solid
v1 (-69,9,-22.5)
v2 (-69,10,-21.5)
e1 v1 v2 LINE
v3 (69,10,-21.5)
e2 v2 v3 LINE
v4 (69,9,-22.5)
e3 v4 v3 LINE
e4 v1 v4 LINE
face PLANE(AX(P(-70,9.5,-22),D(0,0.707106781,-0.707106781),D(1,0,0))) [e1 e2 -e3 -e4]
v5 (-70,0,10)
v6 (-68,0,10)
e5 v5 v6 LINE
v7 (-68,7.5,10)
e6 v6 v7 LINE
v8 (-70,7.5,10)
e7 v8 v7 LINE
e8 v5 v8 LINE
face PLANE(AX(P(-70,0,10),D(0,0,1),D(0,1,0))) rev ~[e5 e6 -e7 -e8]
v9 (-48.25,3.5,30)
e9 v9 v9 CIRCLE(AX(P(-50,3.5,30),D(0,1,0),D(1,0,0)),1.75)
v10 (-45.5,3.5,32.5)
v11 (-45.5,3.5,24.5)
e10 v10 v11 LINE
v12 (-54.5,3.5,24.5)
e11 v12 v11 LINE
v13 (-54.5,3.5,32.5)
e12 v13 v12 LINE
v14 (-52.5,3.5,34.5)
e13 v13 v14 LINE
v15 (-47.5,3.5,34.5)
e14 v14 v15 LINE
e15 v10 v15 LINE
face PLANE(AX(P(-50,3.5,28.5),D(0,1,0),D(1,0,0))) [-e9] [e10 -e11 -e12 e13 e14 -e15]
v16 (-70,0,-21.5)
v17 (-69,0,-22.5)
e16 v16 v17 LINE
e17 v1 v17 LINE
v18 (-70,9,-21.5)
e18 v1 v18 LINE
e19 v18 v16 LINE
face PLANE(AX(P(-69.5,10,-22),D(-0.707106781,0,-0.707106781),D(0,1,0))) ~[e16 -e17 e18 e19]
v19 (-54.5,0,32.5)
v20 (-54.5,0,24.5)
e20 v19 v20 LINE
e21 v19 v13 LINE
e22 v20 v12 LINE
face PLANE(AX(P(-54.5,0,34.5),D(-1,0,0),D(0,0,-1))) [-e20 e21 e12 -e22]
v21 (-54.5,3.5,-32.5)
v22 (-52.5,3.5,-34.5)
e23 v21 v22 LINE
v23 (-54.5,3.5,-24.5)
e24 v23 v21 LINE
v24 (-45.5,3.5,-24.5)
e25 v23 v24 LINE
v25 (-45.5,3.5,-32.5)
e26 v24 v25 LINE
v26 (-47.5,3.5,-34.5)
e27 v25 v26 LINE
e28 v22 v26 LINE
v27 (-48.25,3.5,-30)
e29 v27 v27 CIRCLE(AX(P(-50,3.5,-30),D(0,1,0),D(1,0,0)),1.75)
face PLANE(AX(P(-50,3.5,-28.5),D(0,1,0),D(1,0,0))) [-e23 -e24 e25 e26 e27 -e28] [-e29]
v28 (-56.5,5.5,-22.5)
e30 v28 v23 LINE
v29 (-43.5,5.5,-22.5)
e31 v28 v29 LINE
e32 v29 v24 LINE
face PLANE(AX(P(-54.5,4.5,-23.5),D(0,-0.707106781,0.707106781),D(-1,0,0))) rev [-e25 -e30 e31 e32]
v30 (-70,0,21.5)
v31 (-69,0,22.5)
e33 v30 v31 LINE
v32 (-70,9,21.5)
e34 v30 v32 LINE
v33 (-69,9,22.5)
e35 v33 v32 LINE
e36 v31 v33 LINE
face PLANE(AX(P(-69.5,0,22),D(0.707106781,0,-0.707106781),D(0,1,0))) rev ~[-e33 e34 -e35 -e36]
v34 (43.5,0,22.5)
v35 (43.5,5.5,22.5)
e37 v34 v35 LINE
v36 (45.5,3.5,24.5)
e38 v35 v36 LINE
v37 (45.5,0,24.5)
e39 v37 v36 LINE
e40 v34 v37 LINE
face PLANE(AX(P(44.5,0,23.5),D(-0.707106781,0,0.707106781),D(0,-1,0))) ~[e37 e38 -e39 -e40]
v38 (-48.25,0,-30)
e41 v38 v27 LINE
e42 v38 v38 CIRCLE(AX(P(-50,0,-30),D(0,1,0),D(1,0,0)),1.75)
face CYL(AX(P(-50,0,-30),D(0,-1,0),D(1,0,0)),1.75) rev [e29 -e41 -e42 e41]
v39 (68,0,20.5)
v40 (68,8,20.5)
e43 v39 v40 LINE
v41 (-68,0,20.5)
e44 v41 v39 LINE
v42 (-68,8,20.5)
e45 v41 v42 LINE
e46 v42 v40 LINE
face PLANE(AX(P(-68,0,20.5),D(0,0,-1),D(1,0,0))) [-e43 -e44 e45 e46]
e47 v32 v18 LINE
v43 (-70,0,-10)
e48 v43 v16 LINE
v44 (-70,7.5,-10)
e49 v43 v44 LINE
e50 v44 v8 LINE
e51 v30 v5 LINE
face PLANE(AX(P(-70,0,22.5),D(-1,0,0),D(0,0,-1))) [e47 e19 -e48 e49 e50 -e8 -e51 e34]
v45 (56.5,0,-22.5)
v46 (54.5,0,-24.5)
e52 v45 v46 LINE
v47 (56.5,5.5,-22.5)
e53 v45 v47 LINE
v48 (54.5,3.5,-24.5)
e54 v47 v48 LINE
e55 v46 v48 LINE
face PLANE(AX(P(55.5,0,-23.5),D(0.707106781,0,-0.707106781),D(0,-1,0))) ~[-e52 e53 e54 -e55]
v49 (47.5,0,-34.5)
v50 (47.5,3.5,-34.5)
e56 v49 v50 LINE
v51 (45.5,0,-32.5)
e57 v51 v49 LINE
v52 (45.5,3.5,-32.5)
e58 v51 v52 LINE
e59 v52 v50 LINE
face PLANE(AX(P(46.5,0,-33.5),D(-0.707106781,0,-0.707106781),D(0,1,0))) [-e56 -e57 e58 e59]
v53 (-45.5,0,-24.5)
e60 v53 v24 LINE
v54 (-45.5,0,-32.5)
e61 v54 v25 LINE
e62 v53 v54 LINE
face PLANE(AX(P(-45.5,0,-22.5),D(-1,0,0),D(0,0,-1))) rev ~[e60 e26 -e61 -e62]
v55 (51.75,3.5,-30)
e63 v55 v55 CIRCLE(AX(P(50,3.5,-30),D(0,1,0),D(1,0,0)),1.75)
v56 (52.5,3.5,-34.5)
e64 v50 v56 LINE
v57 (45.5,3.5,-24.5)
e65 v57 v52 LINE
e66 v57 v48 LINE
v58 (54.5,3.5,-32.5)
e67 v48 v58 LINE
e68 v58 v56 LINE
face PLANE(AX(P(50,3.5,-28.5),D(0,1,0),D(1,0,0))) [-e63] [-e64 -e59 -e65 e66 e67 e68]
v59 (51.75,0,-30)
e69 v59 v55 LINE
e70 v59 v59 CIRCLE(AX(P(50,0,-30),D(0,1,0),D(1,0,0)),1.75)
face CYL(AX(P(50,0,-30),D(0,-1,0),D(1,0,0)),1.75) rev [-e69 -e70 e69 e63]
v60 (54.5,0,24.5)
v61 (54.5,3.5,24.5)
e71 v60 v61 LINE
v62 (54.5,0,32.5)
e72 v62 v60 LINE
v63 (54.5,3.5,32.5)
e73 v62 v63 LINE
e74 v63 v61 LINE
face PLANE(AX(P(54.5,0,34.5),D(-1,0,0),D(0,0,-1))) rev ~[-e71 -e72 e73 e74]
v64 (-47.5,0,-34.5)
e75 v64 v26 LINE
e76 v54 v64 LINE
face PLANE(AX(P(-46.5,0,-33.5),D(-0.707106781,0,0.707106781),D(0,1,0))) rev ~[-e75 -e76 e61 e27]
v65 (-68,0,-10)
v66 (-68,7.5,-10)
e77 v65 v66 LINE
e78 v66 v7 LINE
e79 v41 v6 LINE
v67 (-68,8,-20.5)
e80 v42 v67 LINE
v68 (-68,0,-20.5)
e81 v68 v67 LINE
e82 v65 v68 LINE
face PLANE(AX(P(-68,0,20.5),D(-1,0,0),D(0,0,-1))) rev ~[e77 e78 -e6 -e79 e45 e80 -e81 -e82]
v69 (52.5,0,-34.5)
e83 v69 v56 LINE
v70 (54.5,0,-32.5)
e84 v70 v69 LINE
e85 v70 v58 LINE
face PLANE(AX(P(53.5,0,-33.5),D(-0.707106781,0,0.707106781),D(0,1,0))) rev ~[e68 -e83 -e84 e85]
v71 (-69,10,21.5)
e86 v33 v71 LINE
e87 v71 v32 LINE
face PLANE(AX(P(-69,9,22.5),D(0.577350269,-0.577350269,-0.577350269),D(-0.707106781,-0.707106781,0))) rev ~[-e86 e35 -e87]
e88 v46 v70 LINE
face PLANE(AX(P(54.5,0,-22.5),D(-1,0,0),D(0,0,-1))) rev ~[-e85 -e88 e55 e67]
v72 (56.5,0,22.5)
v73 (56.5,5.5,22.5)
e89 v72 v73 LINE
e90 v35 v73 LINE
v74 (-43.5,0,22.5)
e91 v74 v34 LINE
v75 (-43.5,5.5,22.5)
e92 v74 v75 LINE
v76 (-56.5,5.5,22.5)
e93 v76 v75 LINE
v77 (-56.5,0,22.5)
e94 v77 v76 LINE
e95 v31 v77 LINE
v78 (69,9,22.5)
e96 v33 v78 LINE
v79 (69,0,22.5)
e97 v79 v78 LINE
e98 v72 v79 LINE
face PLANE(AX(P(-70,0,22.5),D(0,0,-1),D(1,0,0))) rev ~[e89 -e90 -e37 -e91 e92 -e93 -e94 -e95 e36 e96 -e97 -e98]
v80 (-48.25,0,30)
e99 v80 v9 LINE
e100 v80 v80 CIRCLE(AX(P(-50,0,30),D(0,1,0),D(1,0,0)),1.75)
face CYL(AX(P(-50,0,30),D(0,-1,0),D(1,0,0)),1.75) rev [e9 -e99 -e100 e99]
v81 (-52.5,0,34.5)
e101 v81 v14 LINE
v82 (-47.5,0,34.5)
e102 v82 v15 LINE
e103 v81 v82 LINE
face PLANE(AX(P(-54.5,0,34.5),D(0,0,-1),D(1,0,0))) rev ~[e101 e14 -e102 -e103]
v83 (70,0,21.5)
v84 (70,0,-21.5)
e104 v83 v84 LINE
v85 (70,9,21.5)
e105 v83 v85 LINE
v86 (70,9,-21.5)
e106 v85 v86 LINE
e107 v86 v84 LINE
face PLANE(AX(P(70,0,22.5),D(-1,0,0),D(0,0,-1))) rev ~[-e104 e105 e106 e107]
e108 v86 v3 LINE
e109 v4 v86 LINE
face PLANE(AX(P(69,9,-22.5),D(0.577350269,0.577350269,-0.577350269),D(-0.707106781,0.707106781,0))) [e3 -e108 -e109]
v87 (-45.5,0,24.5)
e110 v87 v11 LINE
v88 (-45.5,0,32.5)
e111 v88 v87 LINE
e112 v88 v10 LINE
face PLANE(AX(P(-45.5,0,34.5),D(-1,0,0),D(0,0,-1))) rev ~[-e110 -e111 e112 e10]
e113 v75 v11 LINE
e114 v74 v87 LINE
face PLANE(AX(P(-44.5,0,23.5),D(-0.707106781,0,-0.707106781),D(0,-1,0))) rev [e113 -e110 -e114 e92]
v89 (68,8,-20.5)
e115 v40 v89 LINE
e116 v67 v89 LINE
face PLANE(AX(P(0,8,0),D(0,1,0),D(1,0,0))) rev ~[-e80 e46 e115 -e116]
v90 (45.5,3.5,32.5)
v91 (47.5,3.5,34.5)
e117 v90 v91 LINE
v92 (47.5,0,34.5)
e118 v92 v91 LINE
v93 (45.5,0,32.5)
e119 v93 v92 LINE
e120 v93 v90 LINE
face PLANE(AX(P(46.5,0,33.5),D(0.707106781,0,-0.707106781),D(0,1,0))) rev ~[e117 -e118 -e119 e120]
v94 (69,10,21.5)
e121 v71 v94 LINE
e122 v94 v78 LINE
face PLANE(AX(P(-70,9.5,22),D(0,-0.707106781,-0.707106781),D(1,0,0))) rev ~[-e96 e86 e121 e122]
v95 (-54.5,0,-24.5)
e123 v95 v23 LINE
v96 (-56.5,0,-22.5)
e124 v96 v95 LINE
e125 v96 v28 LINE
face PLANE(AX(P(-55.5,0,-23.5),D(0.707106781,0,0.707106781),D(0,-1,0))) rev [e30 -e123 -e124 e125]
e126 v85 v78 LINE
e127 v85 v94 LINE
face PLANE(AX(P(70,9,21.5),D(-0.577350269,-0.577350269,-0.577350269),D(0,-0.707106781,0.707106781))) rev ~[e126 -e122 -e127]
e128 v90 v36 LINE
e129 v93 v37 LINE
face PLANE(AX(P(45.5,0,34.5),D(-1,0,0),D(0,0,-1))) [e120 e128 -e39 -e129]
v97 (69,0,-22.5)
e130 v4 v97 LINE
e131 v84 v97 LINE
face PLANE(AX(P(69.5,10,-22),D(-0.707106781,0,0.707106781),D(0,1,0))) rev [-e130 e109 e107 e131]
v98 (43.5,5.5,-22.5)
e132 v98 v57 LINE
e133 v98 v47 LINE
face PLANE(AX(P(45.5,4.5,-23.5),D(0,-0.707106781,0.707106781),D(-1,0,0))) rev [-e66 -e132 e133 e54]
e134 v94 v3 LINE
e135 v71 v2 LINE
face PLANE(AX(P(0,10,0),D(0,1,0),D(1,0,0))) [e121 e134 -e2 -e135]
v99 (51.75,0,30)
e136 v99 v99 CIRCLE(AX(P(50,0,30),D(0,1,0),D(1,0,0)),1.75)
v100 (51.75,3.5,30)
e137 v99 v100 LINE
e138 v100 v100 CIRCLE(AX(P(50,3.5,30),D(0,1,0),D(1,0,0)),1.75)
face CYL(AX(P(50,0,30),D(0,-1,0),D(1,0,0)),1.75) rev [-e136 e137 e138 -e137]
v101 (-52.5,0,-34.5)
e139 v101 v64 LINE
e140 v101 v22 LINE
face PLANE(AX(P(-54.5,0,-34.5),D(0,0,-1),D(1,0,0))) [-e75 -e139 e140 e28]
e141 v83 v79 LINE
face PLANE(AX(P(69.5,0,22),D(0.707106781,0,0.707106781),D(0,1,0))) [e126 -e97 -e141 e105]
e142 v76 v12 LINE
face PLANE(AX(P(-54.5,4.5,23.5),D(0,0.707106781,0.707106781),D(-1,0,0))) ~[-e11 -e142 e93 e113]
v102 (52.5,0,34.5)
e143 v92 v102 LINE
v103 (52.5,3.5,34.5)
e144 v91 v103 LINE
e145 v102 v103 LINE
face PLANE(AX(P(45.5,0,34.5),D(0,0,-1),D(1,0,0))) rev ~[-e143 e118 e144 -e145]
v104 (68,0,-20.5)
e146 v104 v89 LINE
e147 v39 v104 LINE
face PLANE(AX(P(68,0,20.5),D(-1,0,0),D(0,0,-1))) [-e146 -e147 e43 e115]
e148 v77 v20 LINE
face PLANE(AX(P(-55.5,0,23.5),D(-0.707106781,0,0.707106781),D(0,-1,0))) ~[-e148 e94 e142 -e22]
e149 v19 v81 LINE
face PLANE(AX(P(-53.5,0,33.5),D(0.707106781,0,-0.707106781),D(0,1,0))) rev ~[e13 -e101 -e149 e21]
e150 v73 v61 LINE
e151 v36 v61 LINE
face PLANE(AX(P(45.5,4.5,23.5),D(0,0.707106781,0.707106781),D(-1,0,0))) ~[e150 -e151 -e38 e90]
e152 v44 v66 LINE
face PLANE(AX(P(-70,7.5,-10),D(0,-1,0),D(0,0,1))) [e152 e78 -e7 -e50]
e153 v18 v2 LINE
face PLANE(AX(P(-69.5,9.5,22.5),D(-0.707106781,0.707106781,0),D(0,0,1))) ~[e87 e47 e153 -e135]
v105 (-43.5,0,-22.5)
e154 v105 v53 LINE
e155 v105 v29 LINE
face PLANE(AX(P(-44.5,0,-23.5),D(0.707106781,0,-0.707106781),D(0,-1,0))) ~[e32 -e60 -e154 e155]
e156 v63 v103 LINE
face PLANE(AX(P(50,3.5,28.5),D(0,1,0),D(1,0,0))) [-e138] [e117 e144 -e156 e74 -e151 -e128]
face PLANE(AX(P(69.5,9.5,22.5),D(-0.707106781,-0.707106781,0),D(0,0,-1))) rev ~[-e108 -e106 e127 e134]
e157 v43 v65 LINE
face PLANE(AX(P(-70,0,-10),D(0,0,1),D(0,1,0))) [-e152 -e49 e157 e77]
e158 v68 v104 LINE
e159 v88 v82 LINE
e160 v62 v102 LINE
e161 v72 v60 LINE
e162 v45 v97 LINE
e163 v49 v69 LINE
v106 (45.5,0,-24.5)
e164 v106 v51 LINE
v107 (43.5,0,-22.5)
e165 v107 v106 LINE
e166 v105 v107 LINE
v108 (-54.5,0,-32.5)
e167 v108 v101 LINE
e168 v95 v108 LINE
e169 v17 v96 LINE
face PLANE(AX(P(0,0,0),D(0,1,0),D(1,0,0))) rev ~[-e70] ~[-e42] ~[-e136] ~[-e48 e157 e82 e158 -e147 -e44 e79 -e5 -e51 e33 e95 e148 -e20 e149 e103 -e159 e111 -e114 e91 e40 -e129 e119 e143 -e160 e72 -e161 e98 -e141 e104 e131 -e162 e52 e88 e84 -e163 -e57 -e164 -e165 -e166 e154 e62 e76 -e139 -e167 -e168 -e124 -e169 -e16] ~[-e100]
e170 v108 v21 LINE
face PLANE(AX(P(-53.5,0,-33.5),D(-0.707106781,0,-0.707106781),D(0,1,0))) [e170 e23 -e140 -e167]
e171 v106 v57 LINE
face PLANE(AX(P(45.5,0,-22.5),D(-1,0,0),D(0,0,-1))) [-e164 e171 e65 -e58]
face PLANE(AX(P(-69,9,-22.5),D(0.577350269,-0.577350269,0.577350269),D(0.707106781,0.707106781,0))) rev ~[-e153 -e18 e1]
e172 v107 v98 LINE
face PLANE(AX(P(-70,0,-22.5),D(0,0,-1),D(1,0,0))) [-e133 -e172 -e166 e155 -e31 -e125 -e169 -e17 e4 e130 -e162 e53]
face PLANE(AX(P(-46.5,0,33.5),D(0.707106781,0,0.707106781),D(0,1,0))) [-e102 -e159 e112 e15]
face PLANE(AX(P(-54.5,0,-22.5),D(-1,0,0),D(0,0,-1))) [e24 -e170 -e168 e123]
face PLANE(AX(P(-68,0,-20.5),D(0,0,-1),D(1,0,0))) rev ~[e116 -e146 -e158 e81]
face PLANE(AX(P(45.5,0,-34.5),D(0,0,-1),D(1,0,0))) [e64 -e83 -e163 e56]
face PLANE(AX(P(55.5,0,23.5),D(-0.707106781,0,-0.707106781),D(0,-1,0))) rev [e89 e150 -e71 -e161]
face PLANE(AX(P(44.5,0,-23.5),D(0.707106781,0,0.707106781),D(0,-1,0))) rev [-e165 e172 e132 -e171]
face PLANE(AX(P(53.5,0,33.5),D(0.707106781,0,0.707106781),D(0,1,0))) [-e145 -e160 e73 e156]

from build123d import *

# Parameters (mm, degrees)
CROQUIS1_W              = 140
CROQUIS1_H              = 45
CROQUIS1_W_2            = 136
CROQUIS1_H_2            = 41
SALIENTE_EXTRUIR1_DEPTH = 10
CROQUIS2_W              = 140
CROQUIS2_H              = 45
SALIENTE_EXTRUIR2_DEPTH = 2
CHAFL_N1_SIZE           = 1
CROQUIS3_W              = 9
CROQUIS3_H              = 12
CROQUIS3_R              = 1.75
SALIENTE_EXTRUIR3_DEPTH = 3.5
CHAFL_N2_SIZE           = 2
CROQUIS4_W              = 20
CROQUIS4_H              = 7.5
CORTAR_EXTRUIR1_DEPTH   = 3.5


with BuildPart() as part:
    # Croquis1 → Saliente-Extruir1 (new body)
    with BuildSketch(Plane(origin=(0, 0, 0), x_dir=(1, 0, 0), z_dir=(0, 1, 0))):
        Rectangle(CROQUIS1_W, CROQUIS1_H)
        Rectangle(CROQUIS1_W_2, CROQUIS1_H_2, mode=Mode.SUBTRACT)
    extrude(amount=SALIENTE_EXTRUIR1_DEPTH)

    # Croquis2 → Saliente-Extruir2 (add)
    with BuildSketch(Plane(origin=(0, 10, 0), x_dir=(1, 0, 0), z_dir=(0, 1, 0))):
        Rectangle(CROQUIS2_W, CROQUIS2_H)
    extrude(amount=-SALIENTE_EXTRUIR2_DEPTH)

    # Chaflán1
    chafl_n1_edges = [part.edges().sort_by_distance(p)[0] for p in [
        (-70, 10, 0),
        (0, 10, 22.5),
        (70, 10, 0),
        (70, 5, 22.5),
        (-70, 5, 22.5),
        (-70, 5, -22.5),
        (70, 5, -22.5),
        (0, 10, -22.5),
    ]]
    chamfer(chafl_n1_edges, length=CHAFL_N1_SIZE)

    # Croquis3 → Saliente-Extruir3 (add)
    with BuildSketch(Plane(origin=(0, 0, 0), x_dir=(1, 0, 0), z_dir=(0, 1, 0))):
        with Locations((-50, 28.5)):
            Rectangle(CROQUIS3_W, CROQUIS3_H)
        with Locations((-50, 30)):
            Circle(CROQUIS3_R, mode=Mode.SUBTRACT)
        with Locations((50, 28.5)):
            Rectangle(CROQUIS3_W, CROQUIS3_H)
        with Locations((50, 30)):
            Circle(CROQUIS3_R, mode=Mode.SUBTRACT)
        with Locations((-50, -28.5)):
            Rectangle(CROQUIS3_W, CROQUIS3_H)
        with Locations((-50, -30)):
            Circle(CROQUIS3_R, mode=Mode.SUBTRACT)
        with Locations((50, -28.5)):
            Rectangle(CROQUIS3_W, CROQUIS3_H)
        with Locations((50, -30)):
            Circle(CROQUIS3_R, mode=Mode.SUBTRACT)
    extrude(amount=SALIENTE_EXTRUIR3_DEPTH)

    # Chaflán2
    chafl_n2_edges = [part.edges().sort_by_distance(p)[0] for p in [
        (-50, 3.5, 22.5),
        (-54.5, 1.75, 22.5),
        (-54.5, 1.75, 34.5),
        (-45.5, 1.75, 34.5),
        (-45.5, 1.75, 22.5),
        (50, 3.5, 22.5),
        (45.5, 1.75, 22.5),
        (45.5, 1.75, 34.5),
        (54.5, 1.75, 34.5),
        (54.5, 1.75, 22.5),
        (-50, 3.5, -22.5),
        (-54.5, 1.75, -34.5),
        (-54.5, 1.75, -22.5),
        (-45.5, 1.75, -22.5),
        (-45.5, 1.75, -34.5),
        (50, 3.5, -22.5),
        (45.5, 1.75, -34.5),
        (45.5, 1.75, -22.5),
        (54.5, 1.75, -22.5),
        (54.5, 1.75, -34.5),
    ]]
    chamfer(chafl_n2_edges, length=CHAFL_N2_SIZE)

    # Croquis4 → Cortar-Extruir1 (cut)
    with BuildSketch(Plane.ZY.offset(70)):
        with Locations((0, 3.75)):
            Rectangle(CROQUIS4_W, CROQUIS4_H)
    extrude(amount=-CORTAR_EXTRUIR1_DEPTH, mode=Mode.SUBTRACT)


solid = part.part
